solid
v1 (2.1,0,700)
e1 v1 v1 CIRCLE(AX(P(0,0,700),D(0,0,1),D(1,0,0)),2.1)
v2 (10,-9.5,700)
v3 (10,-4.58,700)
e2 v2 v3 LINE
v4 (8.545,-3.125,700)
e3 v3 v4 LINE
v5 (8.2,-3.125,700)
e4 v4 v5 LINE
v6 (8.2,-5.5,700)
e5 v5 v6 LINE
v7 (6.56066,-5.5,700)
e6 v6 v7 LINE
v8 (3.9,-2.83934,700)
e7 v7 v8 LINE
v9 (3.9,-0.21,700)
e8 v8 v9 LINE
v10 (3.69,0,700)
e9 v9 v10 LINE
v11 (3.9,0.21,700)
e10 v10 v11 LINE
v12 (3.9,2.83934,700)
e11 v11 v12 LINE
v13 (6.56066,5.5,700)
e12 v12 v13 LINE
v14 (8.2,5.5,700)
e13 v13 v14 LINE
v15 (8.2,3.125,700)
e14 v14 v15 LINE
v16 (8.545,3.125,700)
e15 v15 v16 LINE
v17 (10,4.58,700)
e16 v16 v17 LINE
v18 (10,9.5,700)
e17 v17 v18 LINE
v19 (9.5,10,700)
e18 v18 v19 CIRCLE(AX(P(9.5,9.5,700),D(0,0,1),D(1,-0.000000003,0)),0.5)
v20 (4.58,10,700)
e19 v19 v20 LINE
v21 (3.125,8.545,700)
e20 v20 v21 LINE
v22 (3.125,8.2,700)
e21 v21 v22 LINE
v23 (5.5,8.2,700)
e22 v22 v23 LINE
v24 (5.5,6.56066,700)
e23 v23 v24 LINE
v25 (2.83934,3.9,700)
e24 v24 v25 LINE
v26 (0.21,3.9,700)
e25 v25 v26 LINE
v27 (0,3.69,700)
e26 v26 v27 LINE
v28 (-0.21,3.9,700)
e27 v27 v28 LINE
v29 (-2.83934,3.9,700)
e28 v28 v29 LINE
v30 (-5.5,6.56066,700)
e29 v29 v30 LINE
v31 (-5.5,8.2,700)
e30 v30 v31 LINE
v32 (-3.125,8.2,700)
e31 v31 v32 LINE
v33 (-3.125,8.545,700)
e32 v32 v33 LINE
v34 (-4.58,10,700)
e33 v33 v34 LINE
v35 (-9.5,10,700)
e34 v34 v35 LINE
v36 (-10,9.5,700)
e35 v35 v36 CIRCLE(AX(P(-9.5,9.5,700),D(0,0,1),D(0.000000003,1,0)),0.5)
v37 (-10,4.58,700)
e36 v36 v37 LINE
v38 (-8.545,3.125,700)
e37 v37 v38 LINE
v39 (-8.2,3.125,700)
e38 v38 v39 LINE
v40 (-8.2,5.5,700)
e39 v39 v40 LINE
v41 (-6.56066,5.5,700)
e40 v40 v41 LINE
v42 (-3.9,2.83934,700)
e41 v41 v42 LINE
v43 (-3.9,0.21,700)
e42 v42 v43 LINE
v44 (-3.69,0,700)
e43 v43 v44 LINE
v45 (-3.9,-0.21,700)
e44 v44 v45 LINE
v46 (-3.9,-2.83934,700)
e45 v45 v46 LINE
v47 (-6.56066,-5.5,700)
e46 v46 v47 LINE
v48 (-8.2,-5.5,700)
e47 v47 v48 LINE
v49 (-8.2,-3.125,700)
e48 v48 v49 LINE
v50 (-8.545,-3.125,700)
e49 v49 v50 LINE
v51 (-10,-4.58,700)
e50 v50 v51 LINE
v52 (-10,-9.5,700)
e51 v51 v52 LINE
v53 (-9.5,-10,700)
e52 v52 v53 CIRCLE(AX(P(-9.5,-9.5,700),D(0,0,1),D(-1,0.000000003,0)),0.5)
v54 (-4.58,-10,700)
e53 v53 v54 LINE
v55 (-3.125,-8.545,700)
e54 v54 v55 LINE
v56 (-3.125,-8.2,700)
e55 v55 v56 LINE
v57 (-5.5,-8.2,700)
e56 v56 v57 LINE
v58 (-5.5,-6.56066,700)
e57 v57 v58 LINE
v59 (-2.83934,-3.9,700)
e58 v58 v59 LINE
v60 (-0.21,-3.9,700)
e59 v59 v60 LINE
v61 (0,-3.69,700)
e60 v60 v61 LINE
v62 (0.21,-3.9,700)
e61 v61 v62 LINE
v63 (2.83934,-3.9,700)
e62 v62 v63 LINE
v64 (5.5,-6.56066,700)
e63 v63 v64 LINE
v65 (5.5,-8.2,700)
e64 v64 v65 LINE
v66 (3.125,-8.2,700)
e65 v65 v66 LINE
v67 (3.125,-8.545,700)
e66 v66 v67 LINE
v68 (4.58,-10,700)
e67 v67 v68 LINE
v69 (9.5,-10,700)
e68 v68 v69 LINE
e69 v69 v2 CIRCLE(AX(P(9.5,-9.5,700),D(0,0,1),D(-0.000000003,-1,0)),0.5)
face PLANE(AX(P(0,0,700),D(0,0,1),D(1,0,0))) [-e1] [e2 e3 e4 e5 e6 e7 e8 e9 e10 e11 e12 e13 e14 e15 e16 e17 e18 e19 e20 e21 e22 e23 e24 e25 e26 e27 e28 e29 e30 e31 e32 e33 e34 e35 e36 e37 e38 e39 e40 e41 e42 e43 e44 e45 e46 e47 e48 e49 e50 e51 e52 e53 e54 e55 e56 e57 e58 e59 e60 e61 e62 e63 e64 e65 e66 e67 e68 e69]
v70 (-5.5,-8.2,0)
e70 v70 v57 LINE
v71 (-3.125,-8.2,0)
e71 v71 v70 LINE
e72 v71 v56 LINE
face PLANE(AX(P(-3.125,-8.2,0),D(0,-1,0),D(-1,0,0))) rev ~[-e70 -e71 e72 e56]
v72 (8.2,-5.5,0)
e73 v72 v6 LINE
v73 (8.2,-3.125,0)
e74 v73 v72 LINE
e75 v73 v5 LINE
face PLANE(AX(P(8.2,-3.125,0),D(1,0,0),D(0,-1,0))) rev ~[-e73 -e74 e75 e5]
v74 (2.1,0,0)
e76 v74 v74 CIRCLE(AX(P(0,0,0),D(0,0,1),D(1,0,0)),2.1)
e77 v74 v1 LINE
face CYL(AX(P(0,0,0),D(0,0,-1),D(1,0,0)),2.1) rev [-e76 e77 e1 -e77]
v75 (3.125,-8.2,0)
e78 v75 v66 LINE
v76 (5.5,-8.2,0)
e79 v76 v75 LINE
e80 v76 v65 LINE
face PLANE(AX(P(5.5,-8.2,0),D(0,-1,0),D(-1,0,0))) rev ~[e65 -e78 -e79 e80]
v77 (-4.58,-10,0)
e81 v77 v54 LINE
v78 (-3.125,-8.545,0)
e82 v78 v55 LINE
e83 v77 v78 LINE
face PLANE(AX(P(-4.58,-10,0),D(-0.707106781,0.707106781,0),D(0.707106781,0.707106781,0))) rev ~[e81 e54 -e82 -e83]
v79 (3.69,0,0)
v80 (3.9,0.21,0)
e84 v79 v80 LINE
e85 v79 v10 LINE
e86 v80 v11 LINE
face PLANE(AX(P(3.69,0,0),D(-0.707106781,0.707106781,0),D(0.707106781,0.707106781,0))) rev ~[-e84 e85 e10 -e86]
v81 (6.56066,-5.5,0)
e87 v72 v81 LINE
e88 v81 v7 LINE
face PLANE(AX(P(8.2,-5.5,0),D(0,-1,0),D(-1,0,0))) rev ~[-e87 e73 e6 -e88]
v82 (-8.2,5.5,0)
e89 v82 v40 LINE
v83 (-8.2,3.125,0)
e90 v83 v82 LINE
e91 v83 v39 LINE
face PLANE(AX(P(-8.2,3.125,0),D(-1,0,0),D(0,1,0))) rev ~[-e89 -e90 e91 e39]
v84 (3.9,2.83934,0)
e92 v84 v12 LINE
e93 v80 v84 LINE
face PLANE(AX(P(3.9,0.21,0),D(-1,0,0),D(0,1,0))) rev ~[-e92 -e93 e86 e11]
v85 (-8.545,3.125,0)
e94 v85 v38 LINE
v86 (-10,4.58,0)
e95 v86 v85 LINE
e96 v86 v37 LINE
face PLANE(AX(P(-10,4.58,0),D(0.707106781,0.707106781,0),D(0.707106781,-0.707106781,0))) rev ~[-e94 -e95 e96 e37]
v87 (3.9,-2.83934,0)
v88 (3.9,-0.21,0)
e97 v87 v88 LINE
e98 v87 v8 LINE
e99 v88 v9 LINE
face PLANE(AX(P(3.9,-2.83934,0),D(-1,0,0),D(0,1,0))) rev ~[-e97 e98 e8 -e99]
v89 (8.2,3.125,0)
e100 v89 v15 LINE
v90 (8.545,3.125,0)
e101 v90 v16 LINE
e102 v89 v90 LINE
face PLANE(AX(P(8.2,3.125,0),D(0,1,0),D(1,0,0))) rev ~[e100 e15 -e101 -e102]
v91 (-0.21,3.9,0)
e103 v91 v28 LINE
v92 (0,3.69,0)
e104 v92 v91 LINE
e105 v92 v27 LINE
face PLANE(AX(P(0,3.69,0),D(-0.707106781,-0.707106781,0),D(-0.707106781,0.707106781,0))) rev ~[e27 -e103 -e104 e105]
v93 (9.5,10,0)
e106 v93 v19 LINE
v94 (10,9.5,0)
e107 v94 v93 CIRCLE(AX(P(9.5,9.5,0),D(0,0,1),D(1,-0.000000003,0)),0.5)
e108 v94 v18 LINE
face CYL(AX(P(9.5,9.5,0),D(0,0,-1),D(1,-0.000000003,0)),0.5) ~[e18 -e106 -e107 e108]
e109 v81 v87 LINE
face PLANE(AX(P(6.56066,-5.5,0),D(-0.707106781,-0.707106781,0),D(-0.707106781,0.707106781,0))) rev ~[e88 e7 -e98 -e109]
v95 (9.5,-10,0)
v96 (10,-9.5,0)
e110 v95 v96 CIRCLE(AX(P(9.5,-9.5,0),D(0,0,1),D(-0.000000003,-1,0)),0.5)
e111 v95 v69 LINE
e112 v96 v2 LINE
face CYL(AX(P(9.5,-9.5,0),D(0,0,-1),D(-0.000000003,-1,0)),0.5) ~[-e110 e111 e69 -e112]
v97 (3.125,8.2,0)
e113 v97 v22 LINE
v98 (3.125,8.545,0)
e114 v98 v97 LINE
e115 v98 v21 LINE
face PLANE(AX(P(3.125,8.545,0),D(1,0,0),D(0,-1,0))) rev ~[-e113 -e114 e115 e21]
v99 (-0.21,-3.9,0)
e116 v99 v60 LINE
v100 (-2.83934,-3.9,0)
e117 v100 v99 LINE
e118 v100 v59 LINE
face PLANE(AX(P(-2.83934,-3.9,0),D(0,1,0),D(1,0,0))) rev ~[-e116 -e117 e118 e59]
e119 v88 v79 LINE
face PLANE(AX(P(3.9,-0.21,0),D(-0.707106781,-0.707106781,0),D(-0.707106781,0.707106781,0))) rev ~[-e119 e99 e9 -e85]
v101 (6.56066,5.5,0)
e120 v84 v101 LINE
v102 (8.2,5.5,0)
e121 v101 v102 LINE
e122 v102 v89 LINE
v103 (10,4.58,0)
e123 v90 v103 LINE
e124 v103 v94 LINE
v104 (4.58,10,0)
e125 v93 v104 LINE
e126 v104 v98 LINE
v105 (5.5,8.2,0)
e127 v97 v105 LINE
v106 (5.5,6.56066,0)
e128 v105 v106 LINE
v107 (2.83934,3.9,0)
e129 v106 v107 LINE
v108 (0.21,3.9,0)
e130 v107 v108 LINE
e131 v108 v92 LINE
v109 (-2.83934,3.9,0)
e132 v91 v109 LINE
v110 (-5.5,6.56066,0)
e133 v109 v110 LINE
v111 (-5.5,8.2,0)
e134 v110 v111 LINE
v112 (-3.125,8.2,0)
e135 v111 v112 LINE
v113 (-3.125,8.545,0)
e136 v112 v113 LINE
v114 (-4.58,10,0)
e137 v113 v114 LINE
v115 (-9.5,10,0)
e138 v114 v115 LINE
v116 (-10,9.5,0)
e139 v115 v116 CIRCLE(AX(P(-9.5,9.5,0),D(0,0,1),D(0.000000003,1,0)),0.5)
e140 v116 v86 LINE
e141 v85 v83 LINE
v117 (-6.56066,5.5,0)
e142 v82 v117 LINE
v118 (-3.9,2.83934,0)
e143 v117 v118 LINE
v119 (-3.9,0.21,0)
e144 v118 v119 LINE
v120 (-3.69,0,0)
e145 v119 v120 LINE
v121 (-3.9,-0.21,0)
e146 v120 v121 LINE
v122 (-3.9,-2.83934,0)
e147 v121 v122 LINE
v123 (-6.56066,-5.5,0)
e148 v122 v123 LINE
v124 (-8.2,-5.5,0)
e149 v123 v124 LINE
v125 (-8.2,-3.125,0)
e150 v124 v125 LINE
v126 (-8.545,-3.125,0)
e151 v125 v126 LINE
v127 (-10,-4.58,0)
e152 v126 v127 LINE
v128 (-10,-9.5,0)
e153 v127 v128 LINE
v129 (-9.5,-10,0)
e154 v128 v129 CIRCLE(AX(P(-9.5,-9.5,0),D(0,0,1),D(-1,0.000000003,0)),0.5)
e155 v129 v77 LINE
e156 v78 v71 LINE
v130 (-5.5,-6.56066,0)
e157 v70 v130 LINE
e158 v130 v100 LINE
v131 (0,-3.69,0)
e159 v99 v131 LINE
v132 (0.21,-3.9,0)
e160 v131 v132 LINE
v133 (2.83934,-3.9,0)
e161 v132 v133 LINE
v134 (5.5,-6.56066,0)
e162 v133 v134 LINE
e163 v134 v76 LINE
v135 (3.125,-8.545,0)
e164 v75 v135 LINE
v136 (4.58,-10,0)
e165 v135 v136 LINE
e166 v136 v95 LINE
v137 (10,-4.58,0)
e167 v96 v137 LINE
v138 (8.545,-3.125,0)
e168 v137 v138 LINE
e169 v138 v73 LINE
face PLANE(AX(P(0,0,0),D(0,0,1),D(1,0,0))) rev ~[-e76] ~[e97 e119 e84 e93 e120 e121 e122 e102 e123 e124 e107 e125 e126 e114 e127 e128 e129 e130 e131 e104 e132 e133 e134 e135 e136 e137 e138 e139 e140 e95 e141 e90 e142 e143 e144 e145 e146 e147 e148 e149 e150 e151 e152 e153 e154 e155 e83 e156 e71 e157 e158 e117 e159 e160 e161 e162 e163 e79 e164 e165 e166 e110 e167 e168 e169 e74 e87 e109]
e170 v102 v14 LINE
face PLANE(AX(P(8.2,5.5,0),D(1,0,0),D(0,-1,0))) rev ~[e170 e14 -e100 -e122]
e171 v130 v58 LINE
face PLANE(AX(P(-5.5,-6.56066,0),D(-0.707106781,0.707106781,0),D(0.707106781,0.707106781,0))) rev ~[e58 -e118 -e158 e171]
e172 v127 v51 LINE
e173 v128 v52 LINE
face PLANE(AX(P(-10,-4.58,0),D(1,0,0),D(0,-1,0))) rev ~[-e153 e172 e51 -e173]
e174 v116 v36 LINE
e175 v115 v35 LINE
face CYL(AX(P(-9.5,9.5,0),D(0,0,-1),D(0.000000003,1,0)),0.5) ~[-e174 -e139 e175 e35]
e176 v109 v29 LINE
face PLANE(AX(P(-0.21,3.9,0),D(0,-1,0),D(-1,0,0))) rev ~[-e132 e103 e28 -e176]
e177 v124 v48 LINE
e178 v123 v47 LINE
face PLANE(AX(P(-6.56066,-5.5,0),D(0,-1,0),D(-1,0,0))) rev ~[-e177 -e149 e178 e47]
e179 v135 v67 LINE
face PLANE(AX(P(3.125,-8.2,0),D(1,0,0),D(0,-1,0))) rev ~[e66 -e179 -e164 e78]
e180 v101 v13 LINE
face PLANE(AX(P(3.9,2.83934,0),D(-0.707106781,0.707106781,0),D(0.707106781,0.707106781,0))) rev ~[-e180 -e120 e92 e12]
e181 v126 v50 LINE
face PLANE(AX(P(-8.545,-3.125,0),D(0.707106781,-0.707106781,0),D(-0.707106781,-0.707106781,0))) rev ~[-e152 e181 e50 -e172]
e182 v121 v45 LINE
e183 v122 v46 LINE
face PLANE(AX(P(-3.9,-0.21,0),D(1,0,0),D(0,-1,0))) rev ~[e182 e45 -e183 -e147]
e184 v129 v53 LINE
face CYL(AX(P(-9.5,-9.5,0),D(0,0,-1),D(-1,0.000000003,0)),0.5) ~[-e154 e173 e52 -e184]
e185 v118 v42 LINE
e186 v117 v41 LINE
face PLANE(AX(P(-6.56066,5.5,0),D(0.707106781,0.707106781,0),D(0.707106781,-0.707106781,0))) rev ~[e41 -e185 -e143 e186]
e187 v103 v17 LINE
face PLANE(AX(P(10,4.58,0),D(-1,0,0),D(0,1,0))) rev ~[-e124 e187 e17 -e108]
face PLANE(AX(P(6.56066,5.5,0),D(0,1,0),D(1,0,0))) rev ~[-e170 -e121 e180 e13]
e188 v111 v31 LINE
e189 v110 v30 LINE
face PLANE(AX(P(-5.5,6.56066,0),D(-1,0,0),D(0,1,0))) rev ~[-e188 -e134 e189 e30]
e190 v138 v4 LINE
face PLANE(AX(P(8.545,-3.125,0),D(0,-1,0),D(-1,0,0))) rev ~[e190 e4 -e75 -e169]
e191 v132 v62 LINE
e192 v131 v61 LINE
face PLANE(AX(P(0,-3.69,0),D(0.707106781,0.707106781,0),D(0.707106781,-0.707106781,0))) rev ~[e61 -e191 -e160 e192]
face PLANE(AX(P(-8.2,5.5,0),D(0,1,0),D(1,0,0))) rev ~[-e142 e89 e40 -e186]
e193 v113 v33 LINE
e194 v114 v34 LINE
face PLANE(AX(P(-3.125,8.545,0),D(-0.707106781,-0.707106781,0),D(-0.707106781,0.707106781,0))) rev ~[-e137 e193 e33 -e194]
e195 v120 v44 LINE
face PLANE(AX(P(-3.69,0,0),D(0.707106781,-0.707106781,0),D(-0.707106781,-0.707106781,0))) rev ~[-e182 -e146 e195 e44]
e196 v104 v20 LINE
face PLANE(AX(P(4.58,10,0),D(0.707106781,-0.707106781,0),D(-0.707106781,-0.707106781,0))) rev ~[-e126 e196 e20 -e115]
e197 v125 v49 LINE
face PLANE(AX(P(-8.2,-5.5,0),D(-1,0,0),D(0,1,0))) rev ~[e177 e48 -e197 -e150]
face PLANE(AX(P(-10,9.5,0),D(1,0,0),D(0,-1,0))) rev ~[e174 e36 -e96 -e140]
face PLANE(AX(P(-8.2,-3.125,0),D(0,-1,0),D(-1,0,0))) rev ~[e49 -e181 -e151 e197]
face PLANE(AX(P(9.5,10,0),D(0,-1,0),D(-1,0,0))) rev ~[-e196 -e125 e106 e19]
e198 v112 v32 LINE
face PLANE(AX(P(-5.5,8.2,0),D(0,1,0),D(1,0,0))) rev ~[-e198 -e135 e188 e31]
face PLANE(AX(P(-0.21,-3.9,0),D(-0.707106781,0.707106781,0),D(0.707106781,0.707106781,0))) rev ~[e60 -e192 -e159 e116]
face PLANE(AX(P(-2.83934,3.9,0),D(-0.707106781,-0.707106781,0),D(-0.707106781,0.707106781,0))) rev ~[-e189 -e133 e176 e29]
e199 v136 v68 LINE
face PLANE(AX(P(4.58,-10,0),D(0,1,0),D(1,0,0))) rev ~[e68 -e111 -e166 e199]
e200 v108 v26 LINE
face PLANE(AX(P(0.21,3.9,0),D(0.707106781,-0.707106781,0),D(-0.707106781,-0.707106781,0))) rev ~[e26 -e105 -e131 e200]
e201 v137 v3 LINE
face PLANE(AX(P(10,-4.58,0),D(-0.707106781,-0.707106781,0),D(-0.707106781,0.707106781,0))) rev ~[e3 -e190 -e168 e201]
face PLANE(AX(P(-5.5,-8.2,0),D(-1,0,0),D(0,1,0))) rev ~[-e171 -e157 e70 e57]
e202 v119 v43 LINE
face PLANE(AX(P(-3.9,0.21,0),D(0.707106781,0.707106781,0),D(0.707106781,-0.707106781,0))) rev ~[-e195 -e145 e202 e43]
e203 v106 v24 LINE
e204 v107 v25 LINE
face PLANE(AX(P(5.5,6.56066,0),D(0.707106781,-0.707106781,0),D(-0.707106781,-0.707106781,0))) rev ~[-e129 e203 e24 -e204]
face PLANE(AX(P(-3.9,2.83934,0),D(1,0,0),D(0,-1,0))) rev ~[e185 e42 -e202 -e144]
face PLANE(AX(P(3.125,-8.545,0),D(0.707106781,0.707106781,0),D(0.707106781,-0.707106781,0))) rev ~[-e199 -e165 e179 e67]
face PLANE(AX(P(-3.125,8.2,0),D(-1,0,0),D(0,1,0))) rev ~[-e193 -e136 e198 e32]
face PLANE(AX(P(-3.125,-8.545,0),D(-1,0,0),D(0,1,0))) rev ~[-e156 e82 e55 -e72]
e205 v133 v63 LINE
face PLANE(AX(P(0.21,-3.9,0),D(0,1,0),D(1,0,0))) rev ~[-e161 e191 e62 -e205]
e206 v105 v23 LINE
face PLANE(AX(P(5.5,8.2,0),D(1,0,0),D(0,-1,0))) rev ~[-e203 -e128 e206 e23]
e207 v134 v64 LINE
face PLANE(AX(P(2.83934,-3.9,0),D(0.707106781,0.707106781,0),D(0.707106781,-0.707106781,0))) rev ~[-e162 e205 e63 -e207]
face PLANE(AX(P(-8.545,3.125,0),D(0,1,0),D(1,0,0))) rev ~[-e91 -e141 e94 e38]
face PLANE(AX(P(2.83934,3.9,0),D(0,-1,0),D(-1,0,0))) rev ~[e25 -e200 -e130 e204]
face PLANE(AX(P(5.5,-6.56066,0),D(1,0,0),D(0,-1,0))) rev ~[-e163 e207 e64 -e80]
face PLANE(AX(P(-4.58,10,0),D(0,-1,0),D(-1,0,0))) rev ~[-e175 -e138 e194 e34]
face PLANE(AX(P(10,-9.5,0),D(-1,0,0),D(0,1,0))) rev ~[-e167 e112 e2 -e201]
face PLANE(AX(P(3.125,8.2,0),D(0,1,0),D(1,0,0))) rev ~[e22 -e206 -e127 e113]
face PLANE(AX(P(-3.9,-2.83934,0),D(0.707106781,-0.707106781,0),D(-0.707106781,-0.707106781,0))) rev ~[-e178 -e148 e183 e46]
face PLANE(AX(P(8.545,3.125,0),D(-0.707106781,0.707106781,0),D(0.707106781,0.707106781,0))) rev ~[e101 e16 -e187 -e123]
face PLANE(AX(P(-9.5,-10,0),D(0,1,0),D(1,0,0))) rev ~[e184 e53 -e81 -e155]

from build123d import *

# Parameters (mm, degrees)
SKETCH1_R           = 2.1
BOSS_EXTRUDE1_DEPTH = 700


with BuildPart() as part:
    # Sketch1 → Boss-Extrude1 (new body)
    with BuildSketch(Plane.XY):
        with BuildLine():
            Line((4.58, -10), (9.5, -10))
            ThreePointArc((9.5, -10), (9.853553391, -9.853553391), (10, -9.5))
            Line((10, -9.5), (10, -4.58))
            Line((10, -4.58), (8.545, -3.125))
            Line((8.545, -3.125), (8.2, -3.125))
            Line((8.2, -3.125), (8.2, -5.5))
            Line((8.2, -5.5), (6.560660172, -5.5))
            Line((6.560660172, -5.5), (3.9, -2.839339828))
            Line((3.9, -2.839339828), (3.9, -0.21))
            Line((3.9, -0.21), (3.69, 0))
            Line((3.69, 0), (3.9, 0.21))
            Line((3.9, 0.21), (3.9, 2.839339828))
            Line((3.9, 2.839339828), (6.560660172, 5.5))
            Line((6.560660172, 5.5), (8.2, 5.5))
            Line((8.2, 5.5), (8.2, 3.125))
            Line((8.2, 3.125), (8.545, 3.125))
            Line((8.545, 3.125), (10, 4.58))
            Line((10, 4.58), (10, 9.5))
            ThreePointArc((10, 9.5), (9.853553391, 9.853553391), (9.5, 10))
            Line((9.5, 10), (4.58, 10))
            Line((4.58, 10), (3.125, 8.545))
            Line((3.125, 8.545), (3.125, 8.2))
            Line((3.125, 8.2), (5.5, 8.2))
            Line((5.5, 8.2), (5.5, 6.560660172))
            Line((5.5, 6.560660172), (2.839339828, 3.9))
            Line((2.839339828, 3.9), (0.21, 3.9))
            Line((0.21, 3.9), (0, 3.69))
            Line((0, 3.69), (-0.21, 3.9))
            Line((-0.21, 3.9), (-2.839339828, 3.9))
            Line((-2.839339828, 3.9), (-5.5, 6.560660172))
            Line((-5.5, 6.560660172), (-5.5, 8.2))
            Line((-5.5, 8.2), (-3.125, 8.2))
            Line((-3.125, 8.2), (-3.125, 8.545))
            Line((-3.125, 8.545), (-4.58, 10))
            Line((-4.58, 10), (-9.5, 10))
            ThreePointArc((-9.5, 10), (-9.853553391, 9.853553391), (-10, 9.5))
            Line((-10, 9.5), (-10, 4.58))
            Line((-10, 4.58), (-8.545, 3.125))
            Line((-8.545, 3.125), (-8.2, 3.125))
            Line((-8.2, 3.125), (-8.2, 5.5))
            Line((-8.2, 5.5), (-6.560660172, 5.5))
            Line((-6.560660172, 5.5), (-3.9, 2.839339828))
            Line((-3.9, 2.839339828), (-3.9, 0.21))
            Line((-3.9, 0.21), (-3.69, 0))
            Line((-3.69, 0), (-3.9, -0.21))
            Line((-3.9, -0.21), (-3.9, -2.839339828))
            Line((-3.9, -2.839339828), (-6.560660172, -5.5))
            Line((-6.560660172, -5.5), (-8.2, -5.5))
            Line((-8.2, -5.5), (-8.2, -3.125))
            Line((-8.2, -3.125), (-8.545, -3.125))
            Line((-8.545, -3.125), (-10, -4.58))
            Line((-10, -4.58), (-10, -9.5))
            ThreePointArc((-10, -9.5), (-9.853553391, -9.853553391), (-9.5, -10))
            Line((-9.5, -10), (-4.58, -10))
            Line((-4.58, -10), (-3.125, -8.545))
            Line((-3.125, -8.545), (-3.125, -8.2))
            Line((-3.125, -8.2), (-5.5, -8.2))
            Line((-5.5, -8.2), (-5.5, -6.560660172))
            Line((-5.5, -6.560660172), (-2.839339828, -3.9))
            Line((-2.839339828, -3.9), (-0.21, -3.9))
            Line((-0.21, -3.9), (0, -3.69))
            Line((0, -3.69), (0.21, -3.9))
            Line((0.21, -3.9), (2.839339828, -3.9))
            Line((2.839339828, -3.9), (5.5, -6.560660172))
            Line((5.5, -6.560660172), (5.5, -8.2))
            Line((5.5, -8.2), (3.125, -8.2))
            Line((3.125, -8.2), (3.125, -8.545))
            Line((3.125, -8.545), (4.58, -10))
        make_face()
        Circle(SKETCH1_R, mode=Mode.SUBTRACT)
    extrude(amount=BOSS_EXTRUDE1_DEPTH)


solid = part.part
